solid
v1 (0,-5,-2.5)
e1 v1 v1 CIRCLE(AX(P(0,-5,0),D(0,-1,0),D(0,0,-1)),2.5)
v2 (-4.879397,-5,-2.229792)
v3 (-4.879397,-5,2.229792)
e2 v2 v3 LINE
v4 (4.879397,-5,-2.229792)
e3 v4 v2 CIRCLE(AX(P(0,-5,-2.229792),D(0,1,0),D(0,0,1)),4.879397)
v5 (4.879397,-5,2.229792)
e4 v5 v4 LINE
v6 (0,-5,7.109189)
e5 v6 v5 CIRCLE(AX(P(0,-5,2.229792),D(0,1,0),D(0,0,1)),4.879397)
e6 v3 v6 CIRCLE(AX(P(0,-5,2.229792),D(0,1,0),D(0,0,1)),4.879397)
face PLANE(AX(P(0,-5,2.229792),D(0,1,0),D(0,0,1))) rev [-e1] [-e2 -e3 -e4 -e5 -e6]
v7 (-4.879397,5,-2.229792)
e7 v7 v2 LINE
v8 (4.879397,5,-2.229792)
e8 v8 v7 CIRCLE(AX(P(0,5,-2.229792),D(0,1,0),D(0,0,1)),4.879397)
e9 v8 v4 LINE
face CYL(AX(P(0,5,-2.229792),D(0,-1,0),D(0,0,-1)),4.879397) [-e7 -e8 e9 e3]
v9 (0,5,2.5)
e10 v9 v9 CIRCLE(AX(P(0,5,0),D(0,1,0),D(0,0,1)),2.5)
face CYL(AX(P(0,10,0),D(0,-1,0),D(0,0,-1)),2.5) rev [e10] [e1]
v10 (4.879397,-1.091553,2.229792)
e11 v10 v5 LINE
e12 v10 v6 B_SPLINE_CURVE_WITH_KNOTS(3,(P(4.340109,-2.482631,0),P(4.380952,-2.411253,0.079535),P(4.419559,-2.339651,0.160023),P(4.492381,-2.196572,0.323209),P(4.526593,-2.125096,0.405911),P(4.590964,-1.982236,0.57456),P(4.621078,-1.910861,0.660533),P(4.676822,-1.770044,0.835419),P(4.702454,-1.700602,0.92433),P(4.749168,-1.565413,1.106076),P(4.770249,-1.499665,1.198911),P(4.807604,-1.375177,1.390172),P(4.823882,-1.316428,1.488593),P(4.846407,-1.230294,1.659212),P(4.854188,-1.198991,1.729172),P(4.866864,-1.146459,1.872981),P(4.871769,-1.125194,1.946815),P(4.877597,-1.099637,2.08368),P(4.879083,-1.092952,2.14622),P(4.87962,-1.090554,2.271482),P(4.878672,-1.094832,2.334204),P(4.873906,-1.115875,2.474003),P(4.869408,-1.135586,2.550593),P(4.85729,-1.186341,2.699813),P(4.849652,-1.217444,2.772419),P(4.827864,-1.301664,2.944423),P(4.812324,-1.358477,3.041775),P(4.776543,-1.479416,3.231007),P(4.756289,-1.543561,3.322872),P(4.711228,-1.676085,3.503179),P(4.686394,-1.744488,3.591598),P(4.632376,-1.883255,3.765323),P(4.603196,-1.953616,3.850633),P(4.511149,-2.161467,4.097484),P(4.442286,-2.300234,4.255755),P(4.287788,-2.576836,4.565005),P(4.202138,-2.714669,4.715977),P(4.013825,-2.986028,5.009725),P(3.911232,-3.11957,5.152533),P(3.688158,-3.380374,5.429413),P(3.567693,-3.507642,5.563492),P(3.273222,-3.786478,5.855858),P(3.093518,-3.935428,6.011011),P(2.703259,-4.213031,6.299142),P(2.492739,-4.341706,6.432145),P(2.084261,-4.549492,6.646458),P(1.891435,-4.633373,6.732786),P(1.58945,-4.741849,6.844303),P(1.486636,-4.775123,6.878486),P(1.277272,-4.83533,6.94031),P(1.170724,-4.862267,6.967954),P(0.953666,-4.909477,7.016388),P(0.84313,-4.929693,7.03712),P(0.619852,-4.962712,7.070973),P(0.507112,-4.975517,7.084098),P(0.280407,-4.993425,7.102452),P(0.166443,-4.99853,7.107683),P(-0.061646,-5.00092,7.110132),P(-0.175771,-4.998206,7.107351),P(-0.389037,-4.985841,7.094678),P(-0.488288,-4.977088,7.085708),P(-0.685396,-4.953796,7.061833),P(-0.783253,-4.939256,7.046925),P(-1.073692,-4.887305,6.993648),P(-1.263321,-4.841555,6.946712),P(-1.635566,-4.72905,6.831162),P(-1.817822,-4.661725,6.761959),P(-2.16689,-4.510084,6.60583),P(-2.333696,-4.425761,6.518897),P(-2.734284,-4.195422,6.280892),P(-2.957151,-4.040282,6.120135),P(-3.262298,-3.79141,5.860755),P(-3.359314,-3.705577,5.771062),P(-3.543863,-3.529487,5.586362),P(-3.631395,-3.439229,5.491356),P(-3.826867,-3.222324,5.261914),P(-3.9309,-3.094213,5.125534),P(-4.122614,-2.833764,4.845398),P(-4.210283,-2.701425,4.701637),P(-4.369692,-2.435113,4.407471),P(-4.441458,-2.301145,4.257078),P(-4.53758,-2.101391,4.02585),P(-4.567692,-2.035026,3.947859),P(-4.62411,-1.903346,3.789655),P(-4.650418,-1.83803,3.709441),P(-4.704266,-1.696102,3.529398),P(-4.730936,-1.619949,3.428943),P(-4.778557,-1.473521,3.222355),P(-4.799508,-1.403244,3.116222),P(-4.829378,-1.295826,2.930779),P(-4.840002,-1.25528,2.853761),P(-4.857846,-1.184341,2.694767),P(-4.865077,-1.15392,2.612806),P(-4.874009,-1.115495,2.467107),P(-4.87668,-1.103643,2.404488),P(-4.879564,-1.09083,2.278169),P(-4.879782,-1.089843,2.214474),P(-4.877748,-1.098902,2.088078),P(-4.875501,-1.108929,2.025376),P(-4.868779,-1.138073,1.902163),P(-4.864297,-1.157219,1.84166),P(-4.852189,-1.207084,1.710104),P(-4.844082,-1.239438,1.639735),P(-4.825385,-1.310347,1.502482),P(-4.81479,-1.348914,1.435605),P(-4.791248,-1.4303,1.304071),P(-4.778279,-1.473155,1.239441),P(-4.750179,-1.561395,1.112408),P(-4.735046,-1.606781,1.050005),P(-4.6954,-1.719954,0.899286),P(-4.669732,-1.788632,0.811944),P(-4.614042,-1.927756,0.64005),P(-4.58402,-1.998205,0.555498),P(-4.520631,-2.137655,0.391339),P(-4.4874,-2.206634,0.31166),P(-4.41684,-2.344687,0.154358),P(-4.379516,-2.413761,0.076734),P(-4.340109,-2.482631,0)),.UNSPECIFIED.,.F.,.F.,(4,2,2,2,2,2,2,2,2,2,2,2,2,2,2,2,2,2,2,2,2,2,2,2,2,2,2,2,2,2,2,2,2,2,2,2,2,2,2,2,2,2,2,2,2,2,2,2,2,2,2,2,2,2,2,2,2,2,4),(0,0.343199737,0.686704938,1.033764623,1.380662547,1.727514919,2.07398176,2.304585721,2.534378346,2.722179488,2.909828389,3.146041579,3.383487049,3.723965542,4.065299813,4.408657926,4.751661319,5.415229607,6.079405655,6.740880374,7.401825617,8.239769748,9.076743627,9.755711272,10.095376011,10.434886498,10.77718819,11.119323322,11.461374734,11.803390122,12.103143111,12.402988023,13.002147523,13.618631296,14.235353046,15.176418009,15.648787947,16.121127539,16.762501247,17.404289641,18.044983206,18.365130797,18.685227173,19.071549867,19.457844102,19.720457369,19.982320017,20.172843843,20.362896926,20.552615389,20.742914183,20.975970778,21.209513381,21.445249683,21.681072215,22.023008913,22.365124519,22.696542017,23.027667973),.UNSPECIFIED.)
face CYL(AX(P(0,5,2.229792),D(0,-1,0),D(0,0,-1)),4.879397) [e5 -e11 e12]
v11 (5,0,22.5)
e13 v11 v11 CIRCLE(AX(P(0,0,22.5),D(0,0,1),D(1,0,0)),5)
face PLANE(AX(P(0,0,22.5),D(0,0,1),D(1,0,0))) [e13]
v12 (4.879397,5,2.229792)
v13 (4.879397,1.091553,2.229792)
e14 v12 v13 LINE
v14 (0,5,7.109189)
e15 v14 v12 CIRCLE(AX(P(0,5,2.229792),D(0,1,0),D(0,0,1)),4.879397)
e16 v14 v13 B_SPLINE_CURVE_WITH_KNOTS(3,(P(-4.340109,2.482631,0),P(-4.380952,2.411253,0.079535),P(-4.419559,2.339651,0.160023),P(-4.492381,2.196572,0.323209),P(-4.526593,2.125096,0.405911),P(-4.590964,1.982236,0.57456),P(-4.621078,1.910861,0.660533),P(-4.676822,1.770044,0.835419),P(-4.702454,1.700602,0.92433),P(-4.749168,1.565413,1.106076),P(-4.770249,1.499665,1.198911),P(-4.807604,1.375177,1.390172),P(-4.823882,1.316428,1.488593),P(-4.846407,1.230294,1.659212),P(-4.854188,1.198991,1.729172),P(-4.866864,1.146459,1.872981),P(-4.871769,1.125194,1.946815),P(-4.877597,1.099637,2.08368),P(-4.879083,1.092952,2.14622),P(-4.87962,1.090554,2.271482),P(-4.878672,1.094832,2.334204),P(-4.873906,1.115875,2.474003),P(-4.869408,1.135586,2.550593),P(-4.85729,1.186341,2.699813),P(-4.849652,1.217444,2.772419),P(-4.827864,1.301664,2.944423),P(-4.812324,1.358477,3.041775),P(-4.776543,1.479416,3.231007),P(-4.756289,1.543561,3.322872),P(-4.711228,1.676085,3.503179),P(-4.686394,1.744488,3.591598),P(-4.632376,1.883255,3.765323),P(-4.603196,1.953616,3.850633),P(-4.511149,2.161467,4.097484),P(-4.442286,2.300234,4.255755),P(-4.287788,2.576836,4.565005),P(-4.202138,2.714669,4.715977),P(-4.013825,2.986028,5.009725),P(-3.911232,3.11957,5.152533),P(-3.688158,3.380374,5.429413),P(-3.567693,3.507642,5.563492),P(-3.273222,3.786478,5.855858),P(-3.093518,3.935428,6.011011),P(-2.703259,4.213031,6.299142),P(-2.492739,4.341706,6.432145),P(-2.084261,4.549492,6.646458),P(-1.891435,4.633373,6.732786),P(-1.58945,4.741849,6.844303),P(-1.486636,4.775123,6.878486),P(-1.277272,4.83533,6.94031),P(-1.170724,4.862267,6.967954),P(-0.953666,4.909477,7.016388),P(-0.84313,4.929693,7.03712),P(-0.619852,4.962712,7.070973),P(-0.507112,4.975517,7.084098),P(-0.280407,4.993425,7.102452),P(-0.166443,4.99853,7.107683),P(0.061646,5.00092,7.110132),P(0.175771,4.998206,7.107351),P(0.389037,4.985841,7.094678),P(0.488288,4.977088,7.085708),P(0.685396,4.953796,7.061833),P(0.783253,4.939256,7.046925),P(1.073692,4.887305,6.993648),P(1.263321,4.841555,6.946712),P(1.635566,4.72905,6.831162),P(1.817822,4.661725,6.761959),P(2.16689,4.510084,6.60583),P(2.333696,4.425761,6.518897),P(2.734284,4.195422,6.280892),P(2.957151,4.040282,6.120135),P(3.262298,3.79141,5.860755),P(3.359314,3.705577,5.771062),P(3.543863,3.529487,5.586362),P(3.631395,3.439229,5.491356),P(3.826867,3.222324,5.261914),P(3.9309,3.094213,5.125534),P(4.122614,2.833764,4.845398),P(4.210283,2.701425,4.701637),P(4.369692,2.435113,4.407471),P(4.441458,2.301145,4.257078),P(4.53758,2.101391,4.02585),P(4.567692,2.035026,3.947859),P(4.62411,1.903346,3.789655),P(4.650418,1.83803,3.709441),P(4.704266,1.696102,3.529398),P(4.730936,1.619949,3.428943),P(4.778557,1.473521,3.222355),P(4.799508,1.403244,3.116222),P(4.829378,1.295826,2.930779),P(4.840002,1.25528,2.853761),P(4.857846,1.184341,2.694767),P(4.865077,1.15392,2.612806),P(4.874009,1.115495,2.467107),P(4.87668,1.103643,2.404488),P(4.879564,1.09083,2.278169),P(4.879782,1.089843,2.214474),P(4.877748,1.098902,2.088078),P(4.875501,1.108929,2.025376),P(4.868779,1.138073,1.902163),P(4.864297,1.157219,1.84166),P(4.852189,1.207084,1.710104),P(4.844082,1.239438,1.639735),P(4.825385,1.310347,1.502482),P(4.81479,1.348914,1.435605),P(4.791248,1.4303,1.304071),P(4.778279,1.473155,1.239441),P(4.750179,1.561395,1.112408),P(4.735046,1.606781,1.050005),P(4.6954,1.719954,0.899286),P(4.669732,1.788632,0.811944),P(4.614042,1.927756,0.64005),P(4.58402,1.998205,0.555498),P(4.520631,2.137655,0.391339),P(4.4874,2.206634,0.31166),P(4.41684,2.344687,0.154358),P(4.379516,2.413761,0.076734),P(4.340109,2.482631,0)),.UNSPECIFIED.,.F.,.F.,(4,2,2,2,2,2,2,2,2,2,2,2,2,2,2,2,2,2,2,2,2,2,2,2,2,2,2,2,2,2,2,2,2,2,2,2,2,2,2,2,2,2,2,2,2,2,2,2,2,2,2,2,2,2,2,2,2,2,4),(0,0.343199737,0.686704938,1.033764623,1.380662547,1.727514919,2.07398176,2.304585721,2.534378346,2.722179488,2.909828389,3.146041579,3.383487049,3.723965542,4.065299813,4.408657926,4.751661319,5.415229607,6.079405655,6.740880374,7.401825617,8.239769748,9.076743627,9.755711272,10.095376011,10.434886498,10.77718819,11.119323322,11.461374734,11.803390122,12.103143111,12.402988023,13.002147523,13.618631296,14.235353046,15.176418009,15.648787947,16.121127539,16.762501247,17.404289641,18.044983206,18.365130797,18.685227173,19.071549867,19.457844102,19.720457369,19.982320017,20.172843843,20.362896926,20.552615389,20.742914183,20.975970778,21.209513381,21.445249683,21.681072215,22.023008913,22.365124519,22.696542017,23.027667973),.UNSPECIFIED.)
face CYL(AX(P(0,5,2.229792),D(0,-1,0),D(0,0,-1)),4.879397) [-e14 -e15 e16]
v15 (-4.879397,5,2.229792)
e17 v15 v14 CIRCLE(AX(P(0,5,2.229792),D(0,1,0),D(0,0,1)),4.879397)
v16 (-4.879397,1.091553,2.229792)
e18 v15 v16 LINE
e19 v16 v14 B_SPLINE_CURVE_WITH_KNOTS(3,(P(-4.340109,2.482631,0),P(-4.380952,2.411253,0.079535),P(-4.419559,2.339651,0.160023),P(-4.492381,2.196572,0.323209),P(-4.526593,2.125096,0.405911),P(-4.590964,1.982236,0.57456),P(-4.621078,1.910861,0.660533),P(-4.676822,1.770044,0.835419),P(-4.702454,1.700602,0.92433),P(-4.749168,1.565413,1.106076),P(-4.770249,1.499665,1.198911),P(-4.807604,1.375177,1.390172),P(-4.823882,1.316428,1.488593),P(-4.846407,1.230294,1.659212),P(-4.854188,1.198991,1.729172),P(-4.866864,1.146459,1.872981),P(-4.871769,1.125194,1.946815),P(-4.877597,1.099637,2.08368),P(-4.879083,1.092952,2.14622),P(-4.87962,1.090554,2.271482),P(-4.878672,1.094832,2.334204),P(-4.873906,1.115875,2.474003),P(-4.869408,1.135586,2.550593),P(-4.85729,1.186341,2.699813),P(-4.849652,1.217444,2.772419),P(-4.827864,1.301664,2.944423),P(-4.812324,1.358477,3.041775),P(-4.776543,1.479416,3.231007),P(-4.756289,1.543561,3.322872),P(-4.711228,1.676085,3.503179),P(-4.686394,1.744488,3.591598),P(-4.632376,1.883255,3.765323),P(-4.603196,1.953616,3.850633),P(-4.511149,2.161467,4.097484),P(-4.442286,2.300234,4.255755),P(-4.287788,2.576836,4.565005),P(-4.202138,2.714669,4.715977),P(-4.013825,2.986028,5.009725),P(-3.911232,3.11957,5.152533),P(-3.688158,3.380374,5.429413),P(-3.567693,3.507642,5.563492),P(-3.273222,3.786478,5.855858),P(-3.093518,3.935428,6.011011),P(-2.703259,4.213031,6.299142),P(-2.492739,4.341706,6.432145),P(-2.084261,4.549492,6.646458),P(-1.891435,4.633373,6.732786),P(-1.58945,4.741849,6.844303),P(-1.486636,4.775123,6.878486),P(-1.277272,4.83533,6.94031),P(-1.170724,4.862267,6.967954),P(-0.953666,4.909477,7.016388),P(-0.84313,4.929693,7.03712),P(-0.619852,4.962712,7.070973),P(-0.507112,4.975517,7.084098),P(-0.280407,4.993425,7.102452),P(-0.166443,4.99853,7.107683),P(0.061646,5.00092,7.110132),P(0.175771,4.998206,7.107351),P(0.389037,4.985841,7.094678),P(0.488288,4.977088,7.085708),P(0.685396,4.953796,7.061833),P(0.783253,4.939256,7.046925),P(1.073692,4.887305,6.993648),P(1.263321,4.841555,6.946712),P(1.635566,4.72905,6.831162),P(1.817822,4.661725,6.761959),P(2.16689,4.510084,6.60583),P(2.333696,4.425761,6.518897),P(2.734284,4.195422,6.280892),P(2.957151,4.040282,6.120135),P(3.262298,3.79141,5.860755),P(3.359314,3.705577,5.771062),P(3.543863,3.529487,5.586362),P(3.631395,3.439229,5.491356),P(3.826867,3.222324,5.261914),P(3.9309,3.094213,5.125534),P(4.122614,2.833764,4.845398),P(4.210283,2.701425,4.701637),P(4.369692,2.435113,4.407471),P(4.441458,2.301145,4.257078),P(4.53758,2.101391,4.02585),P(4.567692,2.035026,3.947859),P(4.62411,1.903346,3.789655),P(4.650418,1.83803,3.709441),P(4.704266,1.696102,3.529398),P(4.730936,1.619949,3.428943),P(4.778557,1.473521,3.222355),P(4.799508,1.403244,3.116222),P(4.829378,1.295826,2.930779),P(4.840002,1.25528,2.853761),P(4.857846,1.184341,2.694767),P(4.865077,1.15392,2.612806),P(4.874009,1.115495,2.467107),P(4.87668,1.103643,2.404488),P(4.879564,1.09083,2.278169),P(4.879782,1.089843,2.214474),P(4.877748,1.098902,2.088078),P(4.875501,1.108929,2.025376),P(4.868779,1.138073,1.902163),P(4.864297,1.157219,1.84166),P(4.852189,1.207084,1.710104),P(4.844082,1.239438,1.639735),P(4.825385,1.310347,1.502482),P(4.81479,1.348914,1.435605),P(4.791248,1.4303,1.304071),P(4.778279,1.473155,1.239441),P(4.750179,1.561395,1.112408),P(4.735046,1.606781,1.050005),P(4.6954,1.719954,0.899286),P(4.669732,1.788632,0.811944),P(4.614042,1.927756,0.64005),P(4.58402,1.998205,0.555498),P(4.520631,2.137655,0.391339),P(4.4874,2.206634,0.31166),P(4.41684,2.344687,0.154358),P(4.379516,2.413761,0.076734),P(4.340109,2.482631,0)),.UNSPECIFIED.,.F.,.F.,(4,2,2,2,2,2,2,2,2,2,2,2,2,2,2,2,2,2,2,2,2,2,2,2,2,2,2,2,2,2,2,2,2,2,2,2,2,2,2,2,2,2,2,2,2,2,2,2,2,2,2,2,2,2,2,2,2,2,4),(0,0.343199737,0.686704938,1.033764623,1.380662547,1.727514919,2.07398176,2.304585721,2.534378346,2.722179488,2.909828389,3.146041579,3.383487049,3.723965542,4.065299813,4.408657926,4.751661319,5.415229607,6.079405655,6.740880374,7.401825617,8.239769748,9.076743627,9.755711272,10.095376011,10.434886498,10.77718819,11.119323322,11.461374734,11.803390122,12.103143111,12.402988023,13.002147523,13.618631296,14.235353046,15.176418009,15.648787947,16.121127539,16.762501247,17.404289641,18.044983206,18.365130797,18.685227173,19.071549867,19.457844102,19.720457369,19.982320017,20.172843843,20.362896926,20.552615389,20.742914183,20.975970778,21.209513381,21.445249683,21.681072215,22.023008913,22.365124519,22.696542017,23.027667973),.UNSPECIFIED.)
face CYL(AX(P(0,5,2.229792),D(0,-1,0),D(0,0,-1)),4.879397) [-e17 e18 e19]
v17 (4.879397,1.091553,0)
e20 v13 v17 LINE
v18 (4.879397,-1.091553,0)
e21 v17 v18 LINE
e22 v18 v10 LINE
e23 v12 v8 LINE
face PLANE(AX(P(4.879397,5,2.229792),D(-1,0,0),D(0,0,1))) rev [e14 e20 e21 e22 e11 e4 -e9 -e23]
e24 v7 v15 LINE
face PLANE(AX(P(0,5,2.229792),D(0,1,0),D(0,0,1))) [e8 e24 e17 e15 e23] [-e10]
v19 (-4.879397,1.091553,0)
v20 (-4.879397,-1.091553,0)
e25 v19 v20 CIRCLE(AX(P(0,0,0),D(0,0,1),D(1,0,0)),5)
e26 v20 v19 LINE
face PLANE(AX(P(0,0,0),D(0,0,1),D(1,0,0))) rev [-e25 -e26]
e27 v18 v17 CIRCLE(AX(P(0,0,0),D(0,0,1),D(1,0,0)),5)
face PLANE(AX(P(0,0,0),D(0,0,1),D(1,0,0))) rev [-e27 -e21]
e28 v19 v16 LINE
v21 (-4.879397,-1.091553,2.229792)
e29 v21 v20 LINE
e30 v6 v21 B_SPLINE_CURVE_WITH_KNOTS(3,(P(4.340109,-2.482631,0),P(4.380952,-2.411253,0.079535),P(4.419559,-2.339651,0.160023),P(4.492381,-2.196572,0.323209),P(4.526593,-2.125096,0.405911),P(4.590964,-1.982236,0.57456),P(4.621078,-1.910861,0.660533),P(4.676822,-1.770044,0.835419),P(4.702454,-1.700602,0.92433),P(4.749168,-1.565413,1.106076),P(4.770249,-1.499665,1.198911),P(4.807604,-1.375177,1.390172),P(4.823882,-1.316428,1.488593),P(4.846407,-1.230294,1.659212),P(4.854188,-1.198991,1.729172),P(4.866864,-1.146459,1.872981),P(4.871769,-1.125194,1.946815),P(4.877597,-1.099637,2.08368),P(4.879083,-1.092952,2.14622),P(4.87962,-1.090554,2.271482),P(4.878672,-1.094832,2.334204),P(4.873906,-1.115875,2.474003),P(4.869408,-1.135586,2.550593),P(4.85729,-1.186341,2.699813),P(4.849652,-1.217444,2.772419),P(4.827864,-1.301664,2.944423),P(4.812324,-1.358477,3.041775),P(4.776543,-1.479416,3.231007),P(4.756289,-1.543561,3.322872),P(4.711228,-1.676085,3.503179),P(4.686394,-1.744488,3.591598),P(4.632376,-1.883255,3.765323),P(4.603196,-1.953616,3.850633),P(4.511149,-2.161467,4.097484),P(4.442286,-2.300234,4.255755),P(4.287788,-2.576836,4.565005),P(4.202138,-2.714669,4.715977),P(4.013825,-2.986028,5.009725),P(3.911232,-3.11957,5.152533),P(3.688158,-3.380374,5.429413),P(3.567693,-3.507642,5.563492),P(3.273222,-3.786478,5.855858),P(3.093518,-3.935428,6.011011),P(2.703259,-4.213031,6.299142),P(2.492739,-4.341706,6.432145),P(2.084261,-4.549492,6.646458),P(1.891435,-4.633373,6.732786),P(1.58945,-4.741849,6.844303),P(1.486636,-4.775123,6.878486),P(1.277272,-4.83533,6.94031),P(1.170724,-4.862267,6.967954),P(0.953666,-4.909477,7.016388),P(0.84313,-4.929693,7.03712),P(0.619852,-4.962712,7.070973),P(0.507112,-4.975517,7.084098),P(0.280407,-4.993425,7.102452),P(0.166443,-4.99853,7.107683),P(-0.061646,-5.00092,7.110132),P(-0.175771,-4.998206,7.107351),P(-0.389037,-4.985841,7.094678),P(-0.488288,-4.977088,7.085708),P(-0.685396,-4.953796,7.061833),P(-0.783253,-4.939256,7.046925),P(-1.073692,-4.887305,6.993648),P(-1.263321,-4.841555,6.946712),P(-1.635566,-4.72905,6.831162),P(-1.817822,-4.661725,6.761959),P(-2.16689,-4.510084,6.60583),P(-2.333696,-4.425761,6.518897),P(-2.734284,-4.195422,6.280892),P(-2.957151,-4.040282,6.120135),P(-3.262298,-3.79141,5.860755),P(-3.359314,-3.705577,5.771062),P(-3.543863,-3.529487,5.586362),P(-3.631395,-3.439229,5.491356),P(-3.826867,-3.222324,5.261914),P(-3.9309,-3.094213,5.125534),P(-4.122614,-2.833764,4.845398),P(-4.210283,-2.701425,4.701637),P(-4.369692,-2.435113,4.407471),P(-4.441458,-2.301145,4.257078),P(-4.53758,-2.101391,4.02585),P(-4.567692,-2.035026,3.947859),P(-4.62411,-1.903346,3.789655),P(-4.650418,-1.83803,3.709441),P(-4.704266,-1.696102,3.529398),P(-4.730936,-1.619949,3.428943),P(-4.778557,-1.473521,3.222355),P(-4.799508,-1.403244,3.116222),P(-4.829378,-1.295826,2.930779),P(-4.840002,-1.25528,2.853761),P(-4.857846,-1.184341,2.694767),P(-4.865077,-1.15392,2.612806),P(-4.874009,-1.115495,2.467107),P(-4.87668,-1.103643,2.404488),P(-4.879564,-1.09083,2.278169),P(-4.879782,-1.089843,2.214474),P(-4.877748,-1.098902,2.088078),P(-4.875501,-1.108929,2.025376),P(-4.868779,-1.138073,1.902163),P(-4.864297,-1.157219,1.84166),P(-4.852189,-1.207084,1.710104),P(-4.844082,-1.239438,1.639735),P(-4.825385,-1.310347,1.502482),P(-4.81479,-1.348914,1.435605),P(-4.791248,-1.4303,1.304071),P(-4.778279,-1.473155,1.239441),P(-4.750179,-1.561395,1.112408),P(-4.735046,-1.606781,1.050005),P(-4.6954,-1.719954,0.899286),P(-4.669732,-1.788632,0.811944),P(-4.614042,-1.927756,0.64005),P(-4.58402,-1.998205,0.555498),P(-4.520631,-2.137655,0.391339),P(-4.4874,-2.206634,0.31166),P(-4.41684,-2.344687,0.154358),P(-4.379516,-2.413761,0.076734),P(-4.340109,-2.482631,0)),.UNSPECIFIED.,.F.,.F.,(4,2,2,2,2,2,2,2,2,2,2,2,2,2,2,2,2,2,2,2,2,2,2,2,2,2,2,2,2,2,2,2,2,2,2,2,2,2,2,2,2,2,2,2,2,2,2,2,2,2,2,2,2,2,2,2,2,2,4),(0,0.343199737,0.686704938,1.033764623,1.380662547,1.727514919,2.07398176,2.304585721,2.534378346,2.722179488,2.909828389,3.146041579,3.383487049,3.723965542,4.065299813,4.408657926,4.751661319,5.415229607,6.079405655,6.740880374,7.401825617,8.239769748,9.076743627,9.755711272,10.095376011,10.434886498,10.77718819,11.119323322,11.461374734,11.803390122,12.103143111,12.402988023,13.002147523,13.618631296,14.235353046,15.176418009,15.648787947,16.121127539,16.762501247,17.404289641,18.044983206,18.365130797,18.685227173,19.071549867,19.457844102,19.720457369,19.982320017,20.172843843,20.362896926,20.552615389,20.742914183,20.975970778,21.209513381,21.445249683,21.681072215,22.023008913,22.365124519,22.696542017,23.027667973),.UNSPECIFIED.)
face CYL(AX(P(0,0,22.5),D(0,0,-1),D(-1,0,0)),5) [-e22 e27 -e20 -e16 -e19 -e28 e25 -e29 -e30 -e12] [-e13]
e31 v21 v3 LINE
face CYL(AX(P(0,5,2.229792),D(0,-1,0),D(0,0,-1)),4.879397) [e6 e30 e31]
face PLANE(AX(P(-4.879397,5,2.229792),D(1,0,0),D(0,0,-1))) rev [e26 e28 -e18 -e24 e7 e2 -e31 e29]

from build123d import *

# Parameters (mm, degrees)
SKETCH2_R           = 5
BOSS_EXTRUDE2_DEPTH = 22.5
BOSS_EXTRUDE3_DEPTH = 5
SKETCH4_R           = 2.5
CUT_EXTRUDE1_DEPTH  = 15


with BuildPart() as part:
    # Sketch2 → Boss-Extrude2 (new body)
    with BuildSketch(Plane.XY):
        with Locations(Location((0, 0, 0), (0, 0, 180))):
            Circle(SKETCH2_R)
    extrude(amount=BOSS_EXTRUDE2_DEPTH)

    # Sketch3 → Boss-Extrude3 (add, symmetric)
    with BuildSketch(Plane(origin=(0, 0, 0), x_dir=(1, 0, 0), z_dir=(0, 1, 0))):
        with BuildLine():
            Line((-4.879396794, -2.229791716), (-4.879396794, 2.229791716))
            ThreePointArc((-4.879396794, 2.229791716), (0, 7.10918851), (4.879396794, 2.229791716))
            Line((4.879396794, 2.229791716), (4.879396794, -2.229791716))
            ThreePointArc((4.879396794, -2.229791716), (0, -7.10918851), (-4.879396794, -2.229791716))
        make_face()
    extrude(amount=BOSS_EXTRUDE3_DEPTH, both=True)

    # Sketch4 → Cut-Extrude1 (cut)
    with BuildSketch(Plane.XZ.offset(5)):
        with Locations(Location((0, 0, 0), (0, 0, 270))):
            Circle(SKETCH4_R)
    extrude(amount=-CUT_EXTRUDE1_DEPTH, mode=Mode.SUBTRACT)


solid = part.part
